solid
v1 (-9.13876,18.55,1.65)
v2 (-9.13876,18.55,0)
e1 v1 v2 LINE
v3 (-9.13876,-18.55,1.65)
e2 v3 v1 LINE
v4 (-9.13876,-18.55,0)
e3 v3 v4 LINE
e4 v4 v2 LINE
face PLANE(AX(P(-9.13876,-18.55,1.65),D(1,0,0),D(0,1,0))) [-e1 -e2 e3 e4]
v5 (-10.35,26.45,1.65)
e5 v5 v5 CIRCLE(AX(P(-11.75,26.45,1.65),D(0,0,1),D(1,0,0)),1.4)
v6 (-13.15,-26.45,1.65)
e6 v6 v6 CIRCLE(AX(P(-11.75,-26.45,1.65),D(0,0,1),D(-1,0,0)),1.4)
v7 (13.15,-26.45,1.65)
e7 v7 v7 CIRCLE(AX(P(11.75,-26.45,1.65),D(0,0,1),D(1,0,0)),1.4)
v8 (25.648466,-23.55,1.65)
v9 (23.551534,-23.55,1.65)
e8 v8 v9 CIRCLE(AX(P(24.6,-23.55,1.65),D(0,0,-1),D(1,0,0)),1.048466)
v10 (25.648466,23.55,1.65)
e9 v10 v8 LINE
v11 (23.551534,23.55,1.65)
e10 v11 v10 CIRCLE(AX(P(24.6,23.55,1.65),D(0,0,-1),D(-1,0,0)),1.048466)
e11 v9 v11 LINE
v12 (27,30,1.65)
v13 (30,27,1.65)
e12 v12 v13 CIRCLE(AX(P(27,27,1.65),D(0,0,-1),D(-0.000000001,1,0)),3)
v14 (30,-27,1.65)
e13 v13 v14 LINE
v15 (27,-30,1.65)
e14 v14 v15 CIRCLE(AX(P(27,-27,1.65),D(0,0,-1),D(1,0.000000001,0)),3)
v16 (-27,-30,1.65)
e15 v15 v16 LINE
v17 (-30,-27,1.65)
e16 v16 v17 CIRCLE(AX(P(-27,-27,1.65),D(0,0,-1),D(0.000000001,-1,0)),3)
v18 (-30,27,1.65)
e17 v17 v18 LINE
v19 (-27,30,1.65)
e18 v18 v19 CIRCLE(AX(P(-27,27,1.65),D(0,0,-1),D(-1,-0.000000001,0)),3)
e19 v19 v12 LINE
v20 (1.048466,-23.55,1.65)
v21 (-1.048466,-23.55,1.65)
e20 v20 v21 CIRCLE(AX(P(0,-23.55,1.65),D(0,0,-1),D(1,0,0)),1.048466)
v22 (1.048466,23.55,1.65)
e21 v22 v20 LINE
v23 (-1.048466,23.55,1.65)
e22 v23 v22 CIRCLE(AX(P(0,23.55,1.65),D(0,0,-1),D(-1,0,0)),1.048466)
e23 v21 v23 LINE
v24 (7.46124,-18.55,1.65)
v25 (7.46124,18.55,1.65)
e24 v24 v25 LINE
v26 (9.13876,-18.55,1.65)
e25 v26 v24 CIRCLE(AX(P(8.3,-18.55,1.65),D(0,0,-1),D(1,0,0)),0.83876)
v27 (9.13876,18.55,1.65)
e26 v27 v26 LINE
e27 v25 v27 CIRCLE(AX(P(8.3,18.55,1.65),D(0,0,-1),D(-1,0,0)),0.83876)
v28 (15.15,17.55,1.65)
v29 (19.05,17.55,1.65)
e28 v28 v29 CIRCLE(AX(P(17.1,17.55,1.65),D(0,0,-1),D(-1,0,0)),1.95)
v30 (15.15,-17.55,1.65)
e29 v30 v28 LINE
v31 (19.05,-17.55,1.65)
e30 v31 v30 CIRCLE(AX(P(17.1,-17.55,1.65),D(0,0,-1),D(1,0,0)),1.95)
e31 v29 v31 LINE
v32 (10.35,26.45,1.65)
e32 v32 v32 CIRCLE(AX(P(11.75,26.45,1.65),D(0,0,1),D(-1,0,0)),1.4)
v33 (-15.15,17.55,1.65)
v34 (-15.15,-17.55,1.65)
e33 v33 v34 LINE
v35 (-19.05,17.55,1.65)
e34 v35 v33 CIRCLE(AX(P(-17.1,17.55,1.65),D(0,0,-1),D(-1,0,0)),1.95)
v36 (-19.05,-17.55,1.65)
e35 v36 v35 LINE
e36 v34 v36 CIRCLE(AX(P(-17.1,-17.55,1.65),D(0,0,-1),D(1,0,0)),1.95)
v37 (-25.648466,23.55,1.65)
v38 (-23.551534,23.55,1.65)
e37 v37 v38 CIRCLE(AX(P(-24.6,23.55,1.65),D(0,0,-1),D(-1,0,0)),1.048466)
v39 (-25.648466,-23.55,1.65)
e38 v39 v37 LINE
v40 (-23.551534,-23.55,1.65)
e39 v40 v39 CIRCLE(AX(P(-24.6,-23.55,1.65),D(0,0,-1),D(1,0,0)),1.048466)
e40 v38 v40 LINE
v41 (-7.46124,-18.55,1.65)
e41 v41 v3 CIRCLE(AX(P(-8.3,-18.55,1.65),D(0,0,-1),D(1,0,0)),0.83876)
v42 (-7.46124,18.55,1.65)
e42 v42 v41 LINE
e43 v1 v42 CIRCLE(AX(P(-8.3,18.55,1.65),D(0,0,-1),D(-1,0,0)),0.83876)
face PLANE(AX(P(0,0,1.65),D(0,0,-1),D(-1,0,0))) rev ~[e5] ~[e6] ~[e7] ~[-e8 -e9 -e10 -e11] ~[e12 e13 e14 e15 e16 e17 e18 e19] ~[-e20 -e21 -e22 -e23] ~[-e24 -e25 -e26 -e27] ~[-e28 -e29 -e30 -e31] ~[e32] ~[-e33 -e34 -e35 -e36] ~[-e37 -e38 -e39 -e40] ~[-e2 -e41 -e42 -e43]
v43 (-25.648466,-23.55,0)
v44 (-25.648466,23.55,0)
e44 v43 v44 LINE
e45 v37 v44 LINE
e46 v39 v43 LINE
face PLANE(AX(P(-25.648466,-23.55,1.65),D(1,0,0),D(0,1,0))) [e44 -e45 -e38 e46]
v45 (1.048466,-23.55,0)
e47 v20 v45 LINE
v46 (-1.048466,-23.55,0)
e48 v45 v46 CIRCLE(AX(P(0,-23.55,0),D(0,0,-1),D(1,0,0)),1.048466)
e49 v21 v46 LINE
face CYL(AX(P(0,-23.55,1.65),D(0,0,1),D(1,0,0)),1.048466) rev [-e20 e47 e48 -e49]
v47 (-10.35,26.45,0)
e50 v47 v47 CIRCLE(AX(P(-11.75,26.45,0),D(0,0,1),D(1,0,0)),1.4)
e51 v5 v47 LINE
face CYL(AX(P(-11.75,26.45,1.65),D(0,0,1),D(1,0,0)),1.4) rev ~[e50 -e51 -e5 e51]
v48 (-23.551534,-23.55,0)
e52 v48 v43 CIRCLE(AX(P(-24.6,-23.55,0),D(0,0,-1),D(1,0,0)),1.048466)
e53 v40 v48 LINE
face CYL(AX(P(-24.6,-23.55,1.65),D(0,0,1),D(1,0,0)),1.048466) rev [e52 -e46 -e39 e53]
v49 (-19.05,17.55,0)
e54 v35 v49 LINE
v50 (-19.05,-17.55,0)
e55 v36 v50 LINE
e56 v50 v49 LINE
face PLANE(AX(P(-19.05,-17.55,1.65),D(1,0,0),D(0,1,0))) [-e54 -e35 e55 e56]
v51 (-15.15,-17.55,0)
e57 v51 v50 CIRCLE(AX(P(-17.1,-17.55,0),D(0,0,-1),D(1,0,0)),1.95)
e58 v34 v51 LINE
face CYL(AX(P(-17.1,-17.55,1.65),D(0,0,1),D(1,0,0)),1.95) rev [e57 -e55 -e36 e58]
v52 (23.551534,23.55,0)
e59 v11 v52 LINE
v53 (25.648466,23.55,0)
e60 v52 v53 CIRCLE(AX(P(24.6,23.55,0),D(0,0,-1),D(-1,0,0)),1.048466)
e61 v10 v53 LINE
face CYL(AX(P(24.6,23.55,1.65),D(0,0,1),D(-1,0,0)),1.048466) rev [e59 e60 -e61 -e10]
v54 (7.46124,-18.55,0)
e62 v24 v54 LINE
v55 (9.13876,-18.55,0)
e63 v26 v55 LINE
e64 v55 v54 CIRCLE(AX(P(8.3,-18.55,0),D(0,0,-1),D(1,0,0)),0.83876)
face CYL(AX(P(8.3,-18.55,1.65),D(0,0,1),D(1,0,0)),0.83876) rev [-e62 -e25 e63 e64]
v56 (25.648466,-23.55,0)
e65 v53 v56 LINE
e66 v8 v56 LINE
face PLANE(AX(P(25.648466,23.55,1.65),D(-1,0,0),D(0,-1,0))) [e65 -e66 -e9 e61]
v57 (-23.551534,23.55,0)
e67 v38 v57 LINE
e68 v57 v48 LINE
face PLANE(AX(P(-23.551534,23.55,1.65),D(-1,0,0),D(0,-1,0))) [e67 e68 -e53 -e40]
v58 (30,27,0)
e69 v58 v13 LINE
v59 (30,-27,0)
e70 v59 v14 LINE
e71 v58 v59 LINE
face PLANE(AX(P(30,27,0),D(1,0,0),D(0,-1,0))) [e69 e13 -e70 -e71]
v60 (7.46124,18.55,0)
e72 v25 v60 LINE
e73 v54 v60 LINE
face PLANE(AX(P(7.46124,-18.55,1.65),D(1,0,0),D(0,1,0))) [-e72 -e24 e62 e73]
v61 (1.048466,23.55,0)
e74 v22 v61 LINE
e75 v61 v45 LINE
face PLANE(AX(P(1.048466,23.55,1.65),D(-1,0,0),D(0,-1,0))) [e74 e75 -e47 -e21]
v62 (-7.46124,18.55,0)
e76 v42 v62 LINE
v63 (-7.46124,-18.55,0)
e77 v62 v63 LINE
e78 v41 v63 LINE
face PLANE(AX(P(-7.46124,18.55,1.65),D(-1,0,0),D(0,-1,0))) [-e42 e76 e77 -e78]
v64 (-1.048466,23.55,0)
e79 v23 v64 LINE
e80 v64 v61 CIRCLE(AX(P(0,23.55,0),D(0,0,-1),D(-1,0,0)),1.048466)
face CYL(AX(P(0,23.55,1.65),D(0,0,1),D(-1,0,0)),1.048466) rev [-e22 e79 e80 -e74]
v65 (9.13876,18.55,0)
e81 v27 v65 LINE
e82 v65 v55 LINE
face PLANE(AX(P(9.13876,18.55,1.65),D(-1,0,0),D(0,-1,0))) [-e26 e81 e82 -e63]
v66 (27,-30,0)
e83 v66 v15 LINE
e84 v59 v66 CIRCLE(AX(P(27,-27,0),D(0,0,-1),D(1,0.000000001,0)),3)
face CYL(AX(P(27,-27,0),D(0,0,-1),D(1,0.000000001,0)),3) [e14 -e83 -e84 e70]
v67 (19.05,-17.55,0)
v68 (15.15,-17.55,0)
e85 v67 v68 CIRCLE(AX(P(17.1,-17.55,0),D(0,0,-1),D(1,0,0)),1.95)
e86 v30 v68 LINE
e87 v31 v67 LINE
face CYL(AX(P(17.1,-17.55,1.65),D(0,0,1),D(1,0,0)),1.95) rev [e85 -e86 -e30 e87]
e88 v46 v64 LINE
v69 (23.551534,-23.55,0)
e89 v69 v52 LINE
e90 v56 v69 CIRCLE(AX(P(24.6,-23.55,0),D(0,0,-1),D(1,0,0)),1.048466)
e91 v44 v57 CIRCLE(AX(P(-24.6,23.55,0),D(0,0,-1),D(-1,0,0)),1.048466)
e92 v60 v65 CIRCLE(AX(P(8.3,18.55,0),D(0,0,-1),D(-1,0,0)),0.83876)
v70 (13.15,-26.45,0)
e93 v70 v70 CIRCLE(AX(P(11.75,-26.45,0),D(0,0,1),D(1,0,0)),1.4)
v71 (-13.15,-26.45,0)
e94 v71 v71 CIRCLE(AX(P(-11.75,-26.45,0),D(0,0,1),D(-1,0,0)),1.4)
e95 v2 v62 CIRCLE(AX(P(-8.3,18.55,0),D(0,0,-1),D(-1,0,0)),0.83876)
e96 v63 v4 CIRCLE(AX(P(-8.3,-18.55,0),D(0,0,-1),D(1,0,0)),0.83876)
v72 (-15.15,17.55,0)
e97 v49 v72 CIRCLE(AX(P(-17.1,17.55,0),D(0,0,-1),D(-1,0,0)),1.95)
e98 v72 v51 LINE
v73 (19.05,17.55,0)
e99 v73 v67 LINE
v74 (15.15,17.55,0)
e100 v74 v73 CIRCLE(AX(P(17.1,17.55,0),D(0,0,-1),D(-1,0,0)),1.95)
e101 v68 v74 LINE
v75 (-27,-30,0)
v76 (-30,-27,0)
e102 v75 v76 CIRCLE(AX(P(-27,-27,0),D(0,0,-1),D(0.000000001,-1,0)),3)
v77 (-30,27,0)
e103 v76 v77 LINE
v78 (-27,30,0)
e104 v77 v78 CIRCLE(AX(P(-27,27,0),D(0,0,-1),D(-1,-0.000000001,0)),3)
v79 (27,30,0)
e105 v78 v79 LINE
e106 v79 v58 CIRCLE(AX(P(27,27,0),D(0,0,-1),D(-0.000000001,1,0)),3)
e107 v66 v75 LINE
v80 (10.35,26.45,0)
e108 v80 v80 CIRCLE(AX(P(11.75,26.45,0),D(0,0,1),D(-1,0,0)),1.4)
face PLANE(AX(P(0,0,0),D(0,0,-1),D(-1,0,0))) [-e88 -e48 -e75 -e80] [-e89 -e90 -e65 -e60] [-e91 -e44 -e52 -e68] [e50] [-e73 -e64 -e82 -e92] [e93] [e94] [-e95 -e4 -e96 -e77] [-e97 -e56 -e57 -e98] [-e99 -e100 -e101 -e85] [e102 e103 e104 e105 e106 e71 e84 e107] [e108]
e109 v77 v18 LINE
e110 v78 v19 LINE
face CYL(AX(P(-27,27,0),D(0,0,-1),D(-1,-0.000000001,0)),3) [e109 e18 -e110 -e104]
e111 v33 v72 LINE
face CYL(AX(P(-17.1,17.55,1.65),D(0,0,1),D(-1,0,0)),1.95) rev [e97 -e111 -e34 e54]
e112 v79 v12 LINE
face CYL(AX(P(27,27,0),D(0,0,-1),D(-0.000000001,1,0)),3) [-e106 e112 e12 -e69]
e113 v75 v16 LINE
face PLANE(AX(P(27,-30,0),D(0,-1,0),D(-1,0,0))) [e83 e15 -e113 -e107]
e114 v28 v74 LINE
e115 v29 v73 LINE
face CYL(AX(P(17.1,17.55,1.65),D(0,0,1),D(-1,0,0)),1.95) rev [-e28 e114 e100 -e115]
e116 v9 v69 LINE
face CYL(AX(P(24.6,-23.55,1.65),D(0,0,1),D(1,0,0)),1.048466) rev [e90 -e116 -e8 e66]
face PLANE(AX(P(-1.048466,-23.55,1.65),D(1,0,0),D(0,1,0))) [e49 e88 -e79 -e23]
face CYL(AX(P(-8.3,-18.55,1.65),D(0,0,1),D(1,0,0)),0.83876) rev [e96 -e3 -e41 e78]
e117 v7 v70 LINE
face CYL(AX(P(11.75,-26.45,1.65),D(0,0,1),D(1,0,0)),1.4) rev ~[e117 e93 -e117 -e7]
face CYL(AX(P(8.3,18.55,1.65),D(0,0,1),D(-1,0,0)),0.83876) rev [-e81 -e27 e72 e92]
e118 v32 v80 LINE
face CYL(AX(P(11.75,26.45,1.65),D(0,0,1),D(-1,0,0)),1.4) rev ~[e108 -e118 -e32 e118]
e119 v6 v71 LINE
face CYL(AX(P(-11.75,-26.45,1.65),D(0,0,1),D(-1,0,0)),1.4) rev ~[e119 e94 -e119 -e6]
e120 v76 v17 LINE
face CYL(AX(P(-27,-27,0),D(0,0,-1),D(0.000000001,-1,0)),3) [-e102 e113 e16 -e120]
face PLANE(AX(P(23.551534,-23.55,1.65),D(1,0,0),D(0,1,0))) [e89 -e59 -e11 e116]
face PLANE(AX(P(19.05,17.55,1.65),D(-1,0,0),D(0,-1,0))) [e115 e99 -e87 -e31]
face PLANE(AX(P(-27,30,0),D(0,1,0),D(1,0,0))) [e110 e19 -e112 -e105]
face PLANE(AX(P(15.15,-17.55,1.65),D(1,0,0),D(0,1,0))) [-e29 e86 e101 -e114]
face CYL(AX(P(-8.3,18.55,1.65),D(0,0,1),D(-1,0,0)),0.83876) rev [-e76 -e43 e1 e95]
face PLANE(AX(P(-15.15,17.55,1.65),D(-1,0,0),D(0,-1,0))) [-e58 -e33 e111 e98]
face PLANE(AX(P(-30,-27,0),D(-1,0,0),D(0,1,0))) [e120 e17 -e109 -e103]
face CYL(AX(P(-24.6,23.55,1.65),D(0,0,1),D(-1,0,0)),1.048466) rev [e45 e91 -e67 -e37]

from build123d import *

# Parameters (mm, degrees)
BOSS_EXTRUDE1_DEPTH = 1.65
SKETCH2_R           = 1.4
CUT_EXTRUDE1_DEPTH  = 1.65


with BuildPart() as part:
    # Sketch1 → Boss-Extrude1 (new body)
    with BuildSketch(Plane.XY):
        with BuildLine():
            Line((27, -30), (-27, -30))
            ThreePointArc((-27, -30), (-29.121320344, -29.121320344), (-30, -27))
            Line((-30, -27), (-30, 27))
            ThreePointArc((-30, 27), (-29.121320344, 29.121320344), (-27, 30))
            Line((-27, 30), (27, 30))
            ThreePointArc((27, 30), (29.121320344, 29.121320344), (30, 27))
            Line((30, 27), (30, -27))
            ThreePointArc((30, -27), (29.121320344, -29.121320344), (27, -30))
        make_face()
    extrude(amount=BOSS_EXTRUDE1_DEPTH)

    # Sketch2 → Cut-Extrude1 (cut)
    with BuildSketch(Plane.XY.offset(1.65)):
        with Locations((-11.75, 26.45)):
            Circle(SKETCH2_R)
        with Locations(Location((11.75, 26.45, 0), (0, 0, 180))):
            Circle(SKETCH2_R)
        with Locations((11.75, -26.45)):
            Circle(SKETCH2_R)
        with Locations(Location((-11.75, -26.45, 0), (0, 0, 180))):
            Circle(SKETCH2_R)
        with BuildLine():
            Line((23.551533864, -23.55), (23.551533864, 23.55))
            ThreePointArc((23.551533864, 23.55), (24.6, 24.598466136), (25.648466136, 23.55))
            Line((25.648466136, 23.55), (25.648466136, -23.55))
            ThreePointArc((25.648466136, -23.55), (24.6, -24.598466136), (23.551533864, -23.55))
        make_face()
        with BuildLine():
            Line((-1.048466136, -23.55), (-1.048466136, 23.55))
            ThreePointArc((-1.048466136, 23.55), (0, 24.598466136), (1.048466136, 23.55))
            Line((1.048466136, 23.55), (1.048466136, -23.55))
            ThreePointArc((1.048466136, -23.55), (0, -24.598466136), (-1.048466136, -23.55))
        make_face()
        with BuildLine():
            Line((-25.648466136, -23.55), (-25.648466136, 23.55))
            ThreePointArc((-25.648466136, 23.55), (-24.6, 24.598466136), (-23.551533864, 23.55))
            Line((-23.551533864, 23.55), (-23.551533864, -23.55))
            ThreePointArc((-23.551533864, -23.55), (-24.6, -24.598466136), (-25.648466136, -23.55))
        make_face()
        with BuildLine():
            Line((-9.13875967, -18.55), (-9.13875967, 18.55))
            ThreePointArc((-9.13875967, 18.55), (-8.3, 19.38875967), (-7.46124033, 18.55))
            Line((-7.46124033, 18.55), (-7.46124033, -18.55))
            ThreePointArc((-7.46124033, -18.55), (-8.3, -19.38875967), (-9.13875967, -18.55))
        make_face()
        with BuildLine():
            Line((15.15, -17.55), (15.15, 17.55))
            ThreePointArc((15.15, 17.55), (17.1, 19.5), (19.05, 17.55))
            Line((19.05, 17.55), (19.05, -17.55))
            ThreePointArc((19.05, -17.55), (17.1, -19.5), (15.15, -17.55))
        make_face()
        with BuildLine():
            Line((-19.05, -17.55), (-19.05, 17.55))
            ThreePointArc((-19.05, 17.55), (-17.1, 19.5), (-15.15, 17.55))
            Line((-15.15, 17.55), (-15.15, -17.55))
            ThreePointArc((-15.15, -17.55), (-17.1, -19.5), (-19.05, -17.55))
        make_face()
        with BuildLine():
            Line((7.46124033, -18.55), (7.46124033, 18.55))
            ThreePointArc((7.46124033, 18.55), (8.3, 19.38875967), (9.13875967, 18.55))
            Line((9.13875967, 18.55), (9.13875967, -18.55))
            ThreePointArc((9.13875967, -18.55), (8.3, -19.38875967), (7.46124033, -18.55))
        make_face()
    extrude(amount=-CUT_EXTRUDE1_DEPTH, mode=Mode.SUBTRACT)


solid = part.part
